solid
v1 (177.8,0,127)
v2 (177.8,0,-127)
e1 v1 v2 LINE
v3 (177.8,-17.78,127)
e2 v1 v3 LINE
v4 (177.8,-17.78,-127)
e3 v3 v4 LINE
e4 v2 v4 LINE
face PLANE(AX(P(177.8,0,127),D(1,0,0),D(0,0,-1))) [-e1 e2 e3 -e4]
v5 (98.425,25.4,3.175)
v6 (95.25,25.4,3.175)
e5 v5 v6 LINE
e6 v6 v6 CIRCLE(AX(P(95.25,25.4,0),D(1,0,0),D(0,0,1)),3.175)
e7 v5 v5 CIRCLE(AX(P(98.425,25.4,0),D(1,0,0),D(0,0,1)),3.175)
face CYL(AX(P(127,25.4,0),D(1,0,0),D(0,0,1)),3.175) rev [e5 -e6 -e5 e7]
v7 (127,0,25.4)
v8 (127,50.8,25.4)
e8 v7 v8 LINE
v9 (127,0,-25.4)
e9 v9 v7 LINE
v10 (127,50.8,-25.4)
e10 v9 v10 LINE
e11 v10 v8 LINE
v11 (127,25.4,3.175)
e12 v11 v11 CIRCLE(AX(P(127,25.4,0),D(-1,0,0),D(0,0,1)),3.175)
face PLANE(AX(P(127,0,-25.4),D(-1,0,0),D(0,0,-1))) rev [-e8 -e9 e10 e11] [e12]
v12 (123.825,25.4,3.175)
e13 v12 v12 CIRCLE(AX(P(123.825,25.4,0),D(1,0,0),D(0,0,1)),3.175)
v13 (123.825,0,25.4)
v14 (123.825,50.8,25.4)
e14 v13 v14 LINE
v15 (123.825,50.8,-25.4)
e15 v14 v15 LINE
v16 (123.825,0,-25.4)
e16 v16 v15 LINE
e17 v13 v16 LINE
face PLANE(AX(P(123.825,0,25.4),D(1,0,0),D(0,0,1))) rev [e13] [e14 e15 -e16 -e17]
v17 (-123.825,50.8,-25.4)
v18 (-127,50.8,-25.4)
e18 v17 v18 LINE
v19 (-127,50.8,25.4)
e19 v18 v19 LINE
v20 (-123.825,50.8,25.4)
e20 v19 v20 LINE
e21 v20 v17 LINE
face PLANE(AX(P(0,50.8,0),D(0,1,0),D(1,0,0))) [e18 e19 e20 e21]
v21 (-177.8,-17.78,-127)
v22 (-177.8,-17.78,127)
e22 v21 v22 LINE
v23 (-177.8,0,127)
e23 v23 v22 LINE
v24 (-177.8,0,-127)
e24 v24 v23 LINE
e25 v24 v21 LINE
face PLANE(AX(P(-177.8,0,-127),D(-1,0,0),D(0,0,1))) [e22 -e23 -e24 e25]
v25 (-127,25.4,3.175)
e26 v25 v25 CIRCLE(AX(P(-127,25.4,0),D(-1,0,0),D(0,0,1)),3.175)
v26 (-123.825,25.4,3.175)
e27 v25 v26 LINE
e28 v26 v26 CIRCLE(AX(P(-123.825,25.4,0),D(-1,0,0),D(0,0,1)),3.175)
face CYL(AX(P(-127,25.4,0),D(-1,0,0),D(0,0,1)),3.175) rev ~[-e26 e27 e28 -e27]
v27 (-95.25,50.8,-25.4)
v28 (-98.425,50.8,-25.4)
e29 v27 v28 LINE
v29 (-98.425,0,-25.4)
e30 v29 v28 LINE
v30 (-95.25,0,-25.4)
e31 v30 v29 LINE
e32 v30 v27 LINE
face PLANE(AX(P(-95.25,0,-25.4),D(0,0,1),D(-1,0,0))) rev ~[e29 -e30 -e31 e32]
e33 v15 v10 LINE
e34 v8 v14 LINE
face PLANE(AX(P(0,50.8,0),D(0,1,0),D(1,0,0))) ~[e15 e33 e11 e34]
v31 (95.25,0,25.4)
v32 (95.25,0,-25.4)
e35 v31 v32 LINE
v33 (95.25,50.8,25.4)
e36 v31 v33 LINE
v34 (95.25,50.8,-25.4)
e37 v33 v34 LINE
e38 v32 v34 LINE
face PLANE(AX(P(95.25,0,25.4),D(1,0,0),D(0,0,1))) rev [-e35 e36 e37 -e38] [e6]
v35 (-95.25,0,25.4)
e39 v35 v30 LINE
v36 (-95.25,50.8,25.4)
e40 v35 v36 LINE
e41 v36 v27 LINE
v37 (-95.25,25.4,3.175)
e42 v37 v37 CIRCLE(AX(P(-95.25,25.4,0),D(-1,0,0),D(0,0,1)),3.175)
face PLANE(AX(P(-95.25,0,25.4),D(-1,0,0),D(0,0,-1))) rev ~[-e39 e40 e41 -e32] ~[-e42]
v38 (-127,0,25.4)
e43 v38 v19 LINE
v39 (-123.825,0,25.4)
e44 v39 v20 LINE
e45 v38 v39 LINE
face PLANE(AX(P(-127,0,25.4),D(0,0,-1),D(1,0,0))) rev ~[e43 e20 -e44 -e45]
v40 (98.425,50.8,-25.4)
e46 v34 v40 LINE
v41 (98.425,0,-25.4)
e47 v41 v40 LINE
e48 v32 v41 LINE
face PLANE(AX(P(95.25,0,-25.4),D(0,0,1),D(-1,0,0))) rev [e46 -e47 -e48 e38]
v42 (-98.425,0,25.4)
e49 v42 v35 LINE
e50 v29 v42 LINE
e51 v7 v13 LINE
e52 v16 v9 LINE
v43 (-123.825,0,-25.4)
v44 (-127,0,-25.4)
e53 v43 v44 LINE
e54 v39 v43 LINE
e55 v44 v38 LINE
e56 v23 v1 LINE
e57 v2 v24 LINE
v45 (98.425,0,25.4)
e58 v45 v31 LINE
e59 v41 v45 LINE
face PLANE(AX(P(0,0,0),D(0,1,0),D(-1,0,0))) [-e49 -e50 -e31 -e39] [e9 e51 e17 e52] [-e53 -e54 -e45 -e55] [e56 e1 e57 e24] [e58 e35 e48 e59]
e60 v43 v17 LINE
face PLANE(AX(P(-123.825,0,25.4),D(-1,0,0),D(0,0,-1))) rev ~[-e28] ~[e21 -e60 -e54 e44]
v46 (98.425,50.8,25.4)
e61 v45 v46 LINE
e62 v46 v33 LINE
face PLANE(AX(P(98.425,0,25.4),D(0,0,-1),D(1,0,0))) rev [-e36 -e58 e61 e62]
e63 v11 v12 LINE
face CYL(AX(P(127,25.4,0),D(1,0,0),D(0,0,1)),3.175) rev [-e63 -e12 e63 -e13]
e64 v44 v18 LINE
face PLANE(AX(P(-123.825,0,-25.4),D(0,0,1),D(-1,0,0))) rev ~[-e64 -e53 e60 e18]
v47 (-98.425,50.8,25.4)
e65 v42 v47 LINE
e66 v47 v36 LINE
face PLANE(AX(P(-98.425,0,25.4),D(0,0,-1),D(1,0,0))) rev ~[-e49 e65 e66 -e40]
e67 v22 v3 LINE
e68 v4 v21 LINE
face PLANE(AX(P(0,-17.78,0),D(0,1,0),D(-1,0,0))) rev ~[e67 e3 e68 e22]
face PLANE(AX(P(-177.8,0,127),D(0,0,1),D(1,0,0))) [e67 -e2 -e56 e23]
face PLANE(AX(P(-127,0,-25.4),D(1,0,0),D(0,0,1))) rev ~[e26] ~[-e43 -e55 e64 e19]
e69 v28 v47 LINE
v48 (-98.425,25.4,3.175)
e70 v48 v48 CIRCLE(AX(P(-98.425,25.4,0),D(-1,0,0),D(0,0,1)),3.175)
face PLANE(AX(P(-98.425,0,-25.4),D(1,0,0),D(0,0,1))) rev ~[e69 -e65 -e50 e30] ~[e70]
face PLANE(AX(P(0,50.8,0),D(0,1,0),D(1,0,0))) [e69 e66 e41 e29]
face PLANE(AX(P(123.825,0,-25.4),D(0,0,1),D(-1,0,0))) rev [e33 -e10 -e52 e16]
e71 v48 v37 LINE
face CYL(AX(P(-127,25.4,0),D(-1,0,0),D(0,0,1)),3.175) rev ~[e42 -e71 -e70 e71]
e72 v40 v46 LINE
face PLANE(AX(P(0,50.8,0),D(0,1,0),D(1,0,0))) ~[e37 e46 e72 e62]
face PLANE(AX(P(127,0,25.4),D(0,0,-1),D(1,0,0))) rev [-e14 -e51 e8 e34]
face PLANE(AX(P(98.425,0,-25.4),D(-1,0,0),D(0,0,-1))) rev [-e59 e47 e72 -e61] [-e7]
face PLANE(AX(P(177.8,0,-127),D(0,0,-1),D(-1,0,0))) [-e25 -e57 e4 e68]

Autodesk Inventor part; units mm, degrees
ref_plane "XZ Plane" through (0, 0, 0) normal (0, 1, 0) x (-1, 0, 0)
ref_plane "XY Plane" through (0, 0, 0) normal (0, 0, 1) x (1, 0, 0)
sketch "Sketch1" plane through (0, 0, 0) normal (0, 1, 0) x (-1, 0, 0)
  line L0 (-177.8, 127) -> (-177.8, -127)
  line L1 (-177.8, -127) -> (177.8, -127)
  line L2 (177.8, -127) -> (177.8, 127)
  line L3 (177.8, 127) -> (-177.8, 127)
  line L4 (-177.8, 127) -> (177.8, -127) construction
  line L5 (-177.8, -127) -> (177.8, 127) construction
  point P0 (0, 0)
  dimension "d0" = 355.6
  dimension "d1" = 254
extrude "Extrusion1" add sketch "Sketch1" against normal blind 17.78
sketch "Sketch3" plane through (0, 0, 0) normal (0, 1, 0) x (1, 0, 0)
  line L0 (-177.8, -127) -> (-177.8, 127) construction
  line L1 (-177.8, 0) -> (177.8, 0) construction
  line L2 (177.8, 127) -> (177.8, -127) construction
  line L3 (-127, -25.4) -> (-123.825, -25.4)
  line L4 (-123.825, -25.4) -> (-123.825, 25.4)
  line L5 (-123.825, 25.4) -> (-127, 25.4)
  line L6 (-127, 25.4) -> (-127, -25.4)
  line L7 (-127, -25.4) -> (-123.825, 25.4) construction
  line L8 (-123.825, -25.4) -> (-127, 25.4) construction
  line L9 (-98.425, -25.4) -> (-95.25, -25.4)
  line L10 (-95.25, -25.4) -> (-95.25, 25.4)
  line L11 (-95.25, 25.4) -> (-98.425, 25.4)
  line L12 (-98.425, 25.4) -> (-98.425, -25.4)
  line L13 (-98.425, -25.4) -> (-95.25, 25.4) construction
  line L14 (-95.25, -25.4) -> (-98.425, 25.4) construction
  line L15 (-177.8, 127) -> (177.8, 127) construction
  line L16 (0, 127) -> (0, -127) construction
  line L17 (177.8, -127) -> (-177.8, -127) construction
  point P0 (0, 0)
  point P1 (-125.4125, 0)
  point P2 (-96.8375, 0)
  dimension "d4" = 50.8
  dimension "d5" = 3.175
  dimension "d6" = 50.8
  dimension "d7" = 25.4
extrude "Extrusion2" add sketch "Sketch3" along normal blind 50.8
sketch "Sketch4" plane through (-127, 0, -25.4) normal (-1, 0, 0) x (0, 0, 1)
  line L0 (25.4, 0) -> (25.4, 50.8) construction
  line L1 (50.8, 50.8) -> (0, 50.8) construction
  circle A0 centre (25.4, 25.4) radius 3.175
  dimension "d10" = 6.35
  dimension "d11" = 25.4
extrude "Extrusion3" cut sketch "Sketch4" against normal through all
mirror "Mirror2" about plane through (0, 0, 0) normal (1, 0, 0) of "Extrusion2", "Extrusion3"
equation "\"d0\" = plateWidth"
equation "\"d1\" = plateLength"
equation "\"d2\" = plateThickness"
equation "\"d4\" = bracketDistanceFromEdge"
equation "\"d5\" = bracketWidth"
equation "\"d6\" = bracketLength"
equation "\"d8\" = bracketHeight"
equation "\"d10\" = axelDiam"
equation "\"d11\" = axelHoleDistanceFromTopOfBracket"
equation "\"d12\" = bracketHeight"
equation "\"plateWidth\" = 355.6"
equation "\"plateLength\" = 254"
equation "\"plateThickness\" = 17.78"
equation "\"bracketDistanceFromEdge\" = 50.8"
equation "\"bracketWidth\" = 3.175"
equation "\"bracketHeight\" = 50.8"
equation "\"bracketLength\" = 50.8"
equation "\"axelDiam\" = 6.35"
equation "\"axelHoleDistanceFromTopOfBracket\" = 25.4"
properties part number "ExampleOfUsingSnowBlowerMotor"
